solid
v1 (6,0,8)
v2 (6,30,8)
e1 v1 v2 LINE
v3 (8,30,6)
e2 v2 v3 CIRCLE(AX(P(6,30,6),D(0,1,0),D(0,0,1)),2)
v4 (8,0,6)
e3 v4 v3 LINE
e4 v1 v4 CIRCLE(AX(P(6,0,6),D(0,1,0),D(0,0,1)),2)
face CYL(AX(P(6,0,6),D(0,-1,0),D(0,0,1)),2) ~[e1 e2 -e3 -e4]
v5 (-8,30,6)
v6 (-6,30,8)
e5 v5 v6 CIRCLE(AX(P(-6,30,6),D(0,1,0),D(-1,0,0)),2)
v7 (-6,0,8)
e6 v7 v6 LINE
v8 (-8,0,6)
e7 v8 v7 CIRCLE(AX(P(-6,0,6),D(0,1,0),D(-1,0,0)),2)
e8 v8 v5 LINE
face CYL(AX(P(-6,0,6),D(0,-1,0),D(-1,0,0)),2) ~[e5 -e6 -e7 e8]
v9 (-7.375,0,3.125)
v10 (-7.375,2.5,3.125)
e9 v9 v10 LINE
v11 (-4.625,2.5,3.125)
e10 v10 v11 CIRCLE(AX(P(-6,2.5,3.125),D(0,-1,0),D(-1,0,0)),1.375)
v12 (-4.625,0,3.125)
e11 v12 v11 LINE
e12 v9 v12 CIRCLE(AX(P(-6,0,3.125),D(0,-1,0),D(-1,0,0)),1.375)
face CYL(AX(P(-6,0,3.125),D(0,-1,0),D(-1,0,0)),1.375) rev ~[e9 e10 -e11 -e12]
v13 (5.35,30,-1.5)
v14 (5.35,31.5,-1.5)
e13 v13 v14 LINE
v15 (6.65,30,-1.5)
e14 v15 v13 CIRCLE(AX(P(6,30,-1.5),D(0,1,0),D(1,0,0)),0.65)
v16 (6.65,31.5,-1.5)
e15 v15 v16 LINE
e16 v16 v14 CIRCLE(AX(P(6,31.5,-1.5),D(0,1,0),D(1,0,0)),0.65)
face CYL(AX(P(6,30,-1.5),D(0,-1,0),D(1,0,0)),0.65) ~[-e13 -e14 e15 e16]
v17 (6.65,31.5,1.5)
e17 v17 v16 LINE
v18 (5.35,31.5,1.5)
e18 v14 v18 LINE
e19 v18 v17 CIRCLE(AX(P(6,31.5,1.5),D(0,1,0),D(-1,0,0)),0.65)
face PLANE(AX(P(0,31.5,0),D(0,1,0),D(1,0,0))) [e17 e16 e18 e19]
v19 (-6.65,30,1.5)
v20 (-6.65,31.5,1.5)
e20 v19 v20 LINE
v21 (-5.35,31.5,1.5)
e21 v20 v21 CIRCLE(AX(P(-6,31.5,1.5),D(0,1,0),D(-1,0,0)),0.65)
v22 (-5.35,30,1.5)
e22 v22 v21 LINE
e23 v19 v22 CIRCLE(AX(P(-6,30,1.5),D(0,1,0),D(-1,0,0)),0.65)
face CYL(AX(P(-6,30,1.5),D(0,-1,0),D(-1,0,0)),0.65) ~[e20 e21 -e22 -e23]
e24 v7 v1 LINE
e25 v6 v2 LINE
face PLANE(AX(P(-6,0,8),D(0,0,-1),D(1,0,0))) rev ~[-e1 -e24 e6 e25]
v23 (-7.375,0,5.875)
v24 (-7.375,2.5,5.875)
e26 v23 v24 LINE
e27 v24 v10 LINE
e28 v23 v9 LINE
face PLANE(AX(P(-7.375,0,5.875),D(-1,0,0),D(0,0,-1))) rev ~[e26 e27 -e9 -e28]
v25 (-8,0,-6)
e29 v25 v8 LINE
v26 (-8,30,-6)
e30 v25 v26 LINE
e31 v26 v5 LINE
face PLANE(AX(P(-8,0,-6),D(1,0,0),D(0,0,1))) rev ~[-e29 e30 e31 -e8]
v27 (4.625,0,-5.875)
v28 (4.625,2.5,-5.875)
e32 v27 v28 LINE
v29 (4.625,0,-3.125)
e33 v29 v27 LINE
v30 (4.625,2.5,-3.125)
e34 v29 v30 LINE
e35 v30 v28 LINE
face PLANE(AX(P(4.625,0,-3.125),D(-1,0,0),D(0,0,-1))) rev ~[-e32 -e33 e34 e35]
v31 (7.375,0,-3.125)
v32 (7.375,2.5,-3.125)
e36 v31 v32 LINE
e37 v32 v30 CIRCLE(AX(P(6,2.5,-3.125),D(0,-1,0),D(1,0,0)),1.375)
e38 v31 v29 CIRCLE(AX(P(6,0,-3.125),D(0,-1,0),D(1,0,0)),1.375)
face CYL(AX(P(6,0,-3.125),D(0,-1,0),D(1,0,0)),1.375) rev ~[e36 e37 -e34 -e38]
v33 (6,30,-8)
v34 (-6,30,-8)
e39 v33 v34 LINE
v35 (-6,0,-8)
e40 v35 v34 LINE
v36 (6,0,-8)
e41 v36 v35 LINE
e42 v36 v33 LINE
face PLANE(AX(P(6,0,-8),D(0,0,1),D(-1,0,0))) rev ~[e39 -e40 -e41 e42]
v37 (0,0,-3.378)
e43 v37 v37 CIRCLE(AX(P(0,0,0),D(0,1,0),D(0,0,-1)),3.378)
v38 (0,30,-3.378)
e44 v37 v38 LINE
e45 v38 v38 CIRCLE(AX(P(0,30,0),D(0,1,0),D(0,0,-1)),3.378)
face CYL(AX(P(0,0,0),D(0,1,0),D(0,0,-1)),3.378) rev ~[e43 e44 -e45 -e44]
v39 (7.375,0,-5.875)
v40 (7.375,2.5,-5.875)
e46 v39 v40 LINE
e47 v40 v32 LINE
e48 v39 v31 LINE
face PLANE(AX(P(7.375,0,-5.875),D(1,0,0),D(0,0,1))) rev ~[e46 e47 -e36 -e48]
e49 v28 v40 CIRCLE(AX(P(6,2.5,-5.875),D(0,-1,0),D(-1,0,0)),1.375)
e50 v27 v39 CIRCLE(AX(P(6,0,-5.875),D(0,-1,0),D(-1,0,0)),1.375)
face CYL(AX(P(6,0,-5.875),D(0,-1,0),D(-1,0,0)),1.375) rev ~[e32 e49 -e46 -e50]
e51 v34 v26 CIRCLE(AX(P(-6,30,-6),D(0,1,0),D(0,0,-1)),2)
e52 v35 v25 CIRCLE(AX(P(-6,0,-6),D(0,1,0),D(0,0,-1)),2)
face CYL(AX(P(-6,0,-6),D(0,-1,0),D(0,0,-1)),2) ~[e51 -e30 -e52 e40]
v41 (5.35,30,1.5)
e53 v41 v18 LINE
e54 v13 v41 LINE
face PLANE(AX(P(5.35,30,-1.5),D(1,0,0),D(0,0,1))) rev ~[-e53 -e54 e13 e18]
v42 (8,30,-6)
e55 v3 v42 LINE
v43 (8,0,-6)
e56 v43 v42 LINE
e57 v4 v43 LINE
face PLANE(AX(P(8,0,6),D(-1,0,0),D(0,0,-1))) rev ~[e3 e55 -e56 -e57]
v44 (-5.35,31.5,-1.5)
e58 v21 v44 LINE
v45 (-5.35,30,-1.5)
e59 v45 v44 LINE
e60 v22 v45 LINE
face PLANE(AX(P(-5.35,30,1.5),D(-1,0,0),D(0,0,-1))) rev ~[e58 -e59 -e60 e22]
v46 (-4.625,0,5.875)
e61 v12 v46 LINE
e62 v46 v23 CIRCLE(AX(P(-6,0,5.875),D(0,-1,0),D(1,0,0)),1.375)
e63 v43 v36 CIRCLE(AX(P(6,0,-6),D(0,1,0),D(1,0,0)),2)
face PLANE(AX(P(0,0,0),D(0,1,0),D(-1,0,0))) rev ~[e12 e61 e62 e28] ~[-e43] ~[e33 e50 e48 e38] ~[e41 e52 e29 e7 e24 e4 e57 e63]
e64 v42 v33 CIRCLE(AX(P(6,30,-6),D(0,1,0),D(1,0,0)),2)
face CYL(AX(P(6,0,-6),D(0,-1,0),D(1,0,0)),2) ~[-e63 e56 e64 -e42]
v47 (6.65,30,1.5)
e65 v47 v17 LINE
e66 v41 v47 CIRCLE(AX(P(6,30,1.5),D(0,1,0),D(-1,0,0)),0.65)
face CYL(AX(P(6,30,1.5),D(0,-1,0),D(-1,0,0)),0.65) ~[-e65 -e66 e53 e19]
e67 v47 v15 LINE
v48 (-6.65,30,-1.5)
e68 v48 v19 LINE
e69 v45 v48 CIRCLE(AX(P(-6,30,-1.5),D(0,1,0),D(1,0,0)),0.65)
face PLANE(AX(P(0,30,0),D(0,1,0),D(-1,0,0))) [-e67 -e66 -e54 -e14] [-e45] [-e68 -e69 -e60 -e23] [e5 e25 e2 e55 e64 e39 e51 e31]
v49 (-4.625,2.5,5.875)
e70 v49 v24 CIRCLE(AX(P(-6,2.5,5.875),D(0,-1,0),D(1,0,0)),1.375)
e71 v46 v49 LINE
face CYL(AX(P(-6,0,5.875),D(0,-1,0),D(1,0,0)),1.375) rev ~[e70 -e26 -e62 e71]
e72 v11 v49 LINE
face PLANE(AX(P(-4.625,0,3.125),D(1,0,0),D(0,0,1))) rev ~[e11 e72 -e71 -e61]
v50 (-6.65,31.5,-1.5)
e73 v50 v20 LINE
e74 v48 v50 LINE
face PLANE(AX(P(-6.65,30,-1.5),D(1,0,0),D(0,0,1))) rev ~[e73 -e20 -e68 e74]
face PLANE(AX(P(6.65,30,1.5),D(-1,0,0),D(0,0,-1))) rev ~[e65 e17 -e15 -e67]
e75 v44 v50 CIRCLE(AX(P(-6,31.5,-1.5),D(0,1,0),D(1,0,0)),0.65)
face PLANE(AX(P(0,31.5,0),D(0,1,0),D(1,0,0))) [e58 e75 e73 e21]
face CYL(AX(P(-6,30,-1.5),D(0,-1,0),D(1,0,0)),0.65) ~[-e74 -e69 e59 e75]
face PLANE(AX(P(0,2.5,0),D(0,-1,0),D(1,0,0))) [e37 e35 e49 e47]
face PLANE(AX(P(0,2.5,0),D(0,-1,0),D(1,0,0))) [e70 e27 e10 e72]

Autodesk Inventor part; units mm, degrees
ref_plane "YZ Plane" through (0, 0, 0) normal (1, 0, 0) x (0, 1, 0)
ref_plane "XZ Plane" through (0, 0, 0) normal (0, 1, 0) x (-1, 0, 0)
ref_plane "XY Plane" through (0, 0, 0) normal (0, 0, 1) x (1, 0, 0)
sketch "Sketch1" plane through (0, 0, 0) normal (0, 1, 0) x (-1, 0, 0)
  line L0 (6, 8) -> (-6, 8)
  line L1 (-8, 6) -> (-8, -6)
  line L2 (-6, -8) -> (6, -8)
  line L3 (8, -6) -> (8, 6)
  arc A0 (8, 6) -> (6, 8) centre (6, 6) ccw
  arc A1 (-6, 8) -> (-8, 6) centre (-6, 6) ccw
  arc A2 (-8, -6) -> (-6, -8) centre (-6, -6) ccw
  arc A3 (6, -8) -> (8, -6) centre (6, -6) ccw
  point P0 (0, 0)
  point P1 (8, 8)
  point P2 (-8, 8)
  point P3 (8, -8)
  dimension "d0" = 16
  dimension "d1" = 16
  dimension "d2" = 8
  dimension "d3" = 8
  dimension "d4" = 2
extrude "Extrusion1" add sketch "Sketch1" along normal blind 30
sketch "Sketch2" plane through (0, 0, 0) normal (0, -1, 0) x (1, 0, 0)
  line L0 (-6, 5.875) -> (-6, 3.125) construction
  line L1 (-7.375, 5.875) -> (-7.375, 3.125)
  line L2 (-4.625, 3.125) -> (-4.625, 5.875)
  arc A0 (-4.625, 5.875) -> (-7.375, 5.875) centre (-6, 5.875) ccw
  arc A1 (-7.375, 3.125) -> (-4.625, 3.125) centre (-6, 3.125) ccw
  line L3 (6, -3.125) -> (6, -5.875) construction
  line L4 (4.625, -3.125) -> (4.625, -5.875)
  line L5 (7.375, -5.875) -> (7.375, -3.125)
  arc A2 (7.375, -3.125) -> (4.625, -3.125) centre (6, -3.125) ccw
  arc A3 (4.625, -5.875) -> (7.375, -5.875) centre (6, -5.875) ccw
  point P0 (0, 0)
  point P1 (0, 0)
  point P2 (-6, 4.5)
  point P3 (6, -4.5)
  dimension "d7" = 2.75
  dimension "d8" = 12
  dimension "d9" = 6
  dimension "d10" = 9
  dimension "d11" = 4.5
  dimension "d12" = 2.75
  dimension "d13" = 2.75
  dimension "d14" = 2.75
extrude "Extrusion2" cut sketch "Sketch2" against normal blind 2.5
hole "Hole1" at (0, 0, 0) direction (0, 1, 0) diameter 6.756 end through all clearance for "Flat Head Machine Screw (82)" size "1/4" standard "Ansi Unified Screw Threads"
sketch "Sketch3" plane through (0, 30, 0) normal (0, 1, 0) x (1, 0, 0)
  line L0 (-6, 1.5) -> (-6, -1.5) construction
  line L1 (-6.65, 1.5) -> (-6.65, -1.5)
  line L2 (-5.35, -1.5) -> (-5.35, 1.5)
  arc A0 (-5.35, 1.5) -> (-6.65, 1.5) centre (-6, 1.5) ccw
  arc A1 (-6.65, -1.5) -> (-5.35, -1.5) centre (-6, -1.5) ccw
  line L3 (6, 1.5) -> (6, -1.5) construction
  line L4 (5.35, 1.5) -> (5.35, -1.5)
  line L5 (6.65, -1.5) -> (6.65, 1.5)
  arc A2 (6.65, 1.5) -> (5.35, 1.5) centre (6, 1.5) ccw
  arc A3 (5.35, -1.5) -> (6.65, -1.5) centre (6, -1.5) ccw
  line L6 (-6, 0) -> (6, 0) construction
  line L7 (6, 8) -> (-6, 8) projected
  point P0 (0, 0)
  dimension "d25" = 0.65
  dimension "d26" = 0.65
  dimension "d27" = 3
  dimension "d29" = 0
  dimension "d30" = 12
  dimension "d31" = 6
  dimension "d32" = 3
extrude "Extrusion3" add sketch "Sketch3" along normal blind 1.5
equation "\"d1\" = d0"
equation "\"d2\" = 0.5 * d0"
equation "\"d3\" = d2"
equation "\"d9\" = 0.5 * d8"
equation "\"d11\" = 0.5 * d10"
equation "\"d12\" = d7"
equation "\"d13\" = d7"
equation "\"d14\" = d7"
equation "\"d26\" = d25"
equation "\"d27\" = d32"
equation "\"d31\" = 0.5 * d30"
properties part number "Camera Mount 30mm"
